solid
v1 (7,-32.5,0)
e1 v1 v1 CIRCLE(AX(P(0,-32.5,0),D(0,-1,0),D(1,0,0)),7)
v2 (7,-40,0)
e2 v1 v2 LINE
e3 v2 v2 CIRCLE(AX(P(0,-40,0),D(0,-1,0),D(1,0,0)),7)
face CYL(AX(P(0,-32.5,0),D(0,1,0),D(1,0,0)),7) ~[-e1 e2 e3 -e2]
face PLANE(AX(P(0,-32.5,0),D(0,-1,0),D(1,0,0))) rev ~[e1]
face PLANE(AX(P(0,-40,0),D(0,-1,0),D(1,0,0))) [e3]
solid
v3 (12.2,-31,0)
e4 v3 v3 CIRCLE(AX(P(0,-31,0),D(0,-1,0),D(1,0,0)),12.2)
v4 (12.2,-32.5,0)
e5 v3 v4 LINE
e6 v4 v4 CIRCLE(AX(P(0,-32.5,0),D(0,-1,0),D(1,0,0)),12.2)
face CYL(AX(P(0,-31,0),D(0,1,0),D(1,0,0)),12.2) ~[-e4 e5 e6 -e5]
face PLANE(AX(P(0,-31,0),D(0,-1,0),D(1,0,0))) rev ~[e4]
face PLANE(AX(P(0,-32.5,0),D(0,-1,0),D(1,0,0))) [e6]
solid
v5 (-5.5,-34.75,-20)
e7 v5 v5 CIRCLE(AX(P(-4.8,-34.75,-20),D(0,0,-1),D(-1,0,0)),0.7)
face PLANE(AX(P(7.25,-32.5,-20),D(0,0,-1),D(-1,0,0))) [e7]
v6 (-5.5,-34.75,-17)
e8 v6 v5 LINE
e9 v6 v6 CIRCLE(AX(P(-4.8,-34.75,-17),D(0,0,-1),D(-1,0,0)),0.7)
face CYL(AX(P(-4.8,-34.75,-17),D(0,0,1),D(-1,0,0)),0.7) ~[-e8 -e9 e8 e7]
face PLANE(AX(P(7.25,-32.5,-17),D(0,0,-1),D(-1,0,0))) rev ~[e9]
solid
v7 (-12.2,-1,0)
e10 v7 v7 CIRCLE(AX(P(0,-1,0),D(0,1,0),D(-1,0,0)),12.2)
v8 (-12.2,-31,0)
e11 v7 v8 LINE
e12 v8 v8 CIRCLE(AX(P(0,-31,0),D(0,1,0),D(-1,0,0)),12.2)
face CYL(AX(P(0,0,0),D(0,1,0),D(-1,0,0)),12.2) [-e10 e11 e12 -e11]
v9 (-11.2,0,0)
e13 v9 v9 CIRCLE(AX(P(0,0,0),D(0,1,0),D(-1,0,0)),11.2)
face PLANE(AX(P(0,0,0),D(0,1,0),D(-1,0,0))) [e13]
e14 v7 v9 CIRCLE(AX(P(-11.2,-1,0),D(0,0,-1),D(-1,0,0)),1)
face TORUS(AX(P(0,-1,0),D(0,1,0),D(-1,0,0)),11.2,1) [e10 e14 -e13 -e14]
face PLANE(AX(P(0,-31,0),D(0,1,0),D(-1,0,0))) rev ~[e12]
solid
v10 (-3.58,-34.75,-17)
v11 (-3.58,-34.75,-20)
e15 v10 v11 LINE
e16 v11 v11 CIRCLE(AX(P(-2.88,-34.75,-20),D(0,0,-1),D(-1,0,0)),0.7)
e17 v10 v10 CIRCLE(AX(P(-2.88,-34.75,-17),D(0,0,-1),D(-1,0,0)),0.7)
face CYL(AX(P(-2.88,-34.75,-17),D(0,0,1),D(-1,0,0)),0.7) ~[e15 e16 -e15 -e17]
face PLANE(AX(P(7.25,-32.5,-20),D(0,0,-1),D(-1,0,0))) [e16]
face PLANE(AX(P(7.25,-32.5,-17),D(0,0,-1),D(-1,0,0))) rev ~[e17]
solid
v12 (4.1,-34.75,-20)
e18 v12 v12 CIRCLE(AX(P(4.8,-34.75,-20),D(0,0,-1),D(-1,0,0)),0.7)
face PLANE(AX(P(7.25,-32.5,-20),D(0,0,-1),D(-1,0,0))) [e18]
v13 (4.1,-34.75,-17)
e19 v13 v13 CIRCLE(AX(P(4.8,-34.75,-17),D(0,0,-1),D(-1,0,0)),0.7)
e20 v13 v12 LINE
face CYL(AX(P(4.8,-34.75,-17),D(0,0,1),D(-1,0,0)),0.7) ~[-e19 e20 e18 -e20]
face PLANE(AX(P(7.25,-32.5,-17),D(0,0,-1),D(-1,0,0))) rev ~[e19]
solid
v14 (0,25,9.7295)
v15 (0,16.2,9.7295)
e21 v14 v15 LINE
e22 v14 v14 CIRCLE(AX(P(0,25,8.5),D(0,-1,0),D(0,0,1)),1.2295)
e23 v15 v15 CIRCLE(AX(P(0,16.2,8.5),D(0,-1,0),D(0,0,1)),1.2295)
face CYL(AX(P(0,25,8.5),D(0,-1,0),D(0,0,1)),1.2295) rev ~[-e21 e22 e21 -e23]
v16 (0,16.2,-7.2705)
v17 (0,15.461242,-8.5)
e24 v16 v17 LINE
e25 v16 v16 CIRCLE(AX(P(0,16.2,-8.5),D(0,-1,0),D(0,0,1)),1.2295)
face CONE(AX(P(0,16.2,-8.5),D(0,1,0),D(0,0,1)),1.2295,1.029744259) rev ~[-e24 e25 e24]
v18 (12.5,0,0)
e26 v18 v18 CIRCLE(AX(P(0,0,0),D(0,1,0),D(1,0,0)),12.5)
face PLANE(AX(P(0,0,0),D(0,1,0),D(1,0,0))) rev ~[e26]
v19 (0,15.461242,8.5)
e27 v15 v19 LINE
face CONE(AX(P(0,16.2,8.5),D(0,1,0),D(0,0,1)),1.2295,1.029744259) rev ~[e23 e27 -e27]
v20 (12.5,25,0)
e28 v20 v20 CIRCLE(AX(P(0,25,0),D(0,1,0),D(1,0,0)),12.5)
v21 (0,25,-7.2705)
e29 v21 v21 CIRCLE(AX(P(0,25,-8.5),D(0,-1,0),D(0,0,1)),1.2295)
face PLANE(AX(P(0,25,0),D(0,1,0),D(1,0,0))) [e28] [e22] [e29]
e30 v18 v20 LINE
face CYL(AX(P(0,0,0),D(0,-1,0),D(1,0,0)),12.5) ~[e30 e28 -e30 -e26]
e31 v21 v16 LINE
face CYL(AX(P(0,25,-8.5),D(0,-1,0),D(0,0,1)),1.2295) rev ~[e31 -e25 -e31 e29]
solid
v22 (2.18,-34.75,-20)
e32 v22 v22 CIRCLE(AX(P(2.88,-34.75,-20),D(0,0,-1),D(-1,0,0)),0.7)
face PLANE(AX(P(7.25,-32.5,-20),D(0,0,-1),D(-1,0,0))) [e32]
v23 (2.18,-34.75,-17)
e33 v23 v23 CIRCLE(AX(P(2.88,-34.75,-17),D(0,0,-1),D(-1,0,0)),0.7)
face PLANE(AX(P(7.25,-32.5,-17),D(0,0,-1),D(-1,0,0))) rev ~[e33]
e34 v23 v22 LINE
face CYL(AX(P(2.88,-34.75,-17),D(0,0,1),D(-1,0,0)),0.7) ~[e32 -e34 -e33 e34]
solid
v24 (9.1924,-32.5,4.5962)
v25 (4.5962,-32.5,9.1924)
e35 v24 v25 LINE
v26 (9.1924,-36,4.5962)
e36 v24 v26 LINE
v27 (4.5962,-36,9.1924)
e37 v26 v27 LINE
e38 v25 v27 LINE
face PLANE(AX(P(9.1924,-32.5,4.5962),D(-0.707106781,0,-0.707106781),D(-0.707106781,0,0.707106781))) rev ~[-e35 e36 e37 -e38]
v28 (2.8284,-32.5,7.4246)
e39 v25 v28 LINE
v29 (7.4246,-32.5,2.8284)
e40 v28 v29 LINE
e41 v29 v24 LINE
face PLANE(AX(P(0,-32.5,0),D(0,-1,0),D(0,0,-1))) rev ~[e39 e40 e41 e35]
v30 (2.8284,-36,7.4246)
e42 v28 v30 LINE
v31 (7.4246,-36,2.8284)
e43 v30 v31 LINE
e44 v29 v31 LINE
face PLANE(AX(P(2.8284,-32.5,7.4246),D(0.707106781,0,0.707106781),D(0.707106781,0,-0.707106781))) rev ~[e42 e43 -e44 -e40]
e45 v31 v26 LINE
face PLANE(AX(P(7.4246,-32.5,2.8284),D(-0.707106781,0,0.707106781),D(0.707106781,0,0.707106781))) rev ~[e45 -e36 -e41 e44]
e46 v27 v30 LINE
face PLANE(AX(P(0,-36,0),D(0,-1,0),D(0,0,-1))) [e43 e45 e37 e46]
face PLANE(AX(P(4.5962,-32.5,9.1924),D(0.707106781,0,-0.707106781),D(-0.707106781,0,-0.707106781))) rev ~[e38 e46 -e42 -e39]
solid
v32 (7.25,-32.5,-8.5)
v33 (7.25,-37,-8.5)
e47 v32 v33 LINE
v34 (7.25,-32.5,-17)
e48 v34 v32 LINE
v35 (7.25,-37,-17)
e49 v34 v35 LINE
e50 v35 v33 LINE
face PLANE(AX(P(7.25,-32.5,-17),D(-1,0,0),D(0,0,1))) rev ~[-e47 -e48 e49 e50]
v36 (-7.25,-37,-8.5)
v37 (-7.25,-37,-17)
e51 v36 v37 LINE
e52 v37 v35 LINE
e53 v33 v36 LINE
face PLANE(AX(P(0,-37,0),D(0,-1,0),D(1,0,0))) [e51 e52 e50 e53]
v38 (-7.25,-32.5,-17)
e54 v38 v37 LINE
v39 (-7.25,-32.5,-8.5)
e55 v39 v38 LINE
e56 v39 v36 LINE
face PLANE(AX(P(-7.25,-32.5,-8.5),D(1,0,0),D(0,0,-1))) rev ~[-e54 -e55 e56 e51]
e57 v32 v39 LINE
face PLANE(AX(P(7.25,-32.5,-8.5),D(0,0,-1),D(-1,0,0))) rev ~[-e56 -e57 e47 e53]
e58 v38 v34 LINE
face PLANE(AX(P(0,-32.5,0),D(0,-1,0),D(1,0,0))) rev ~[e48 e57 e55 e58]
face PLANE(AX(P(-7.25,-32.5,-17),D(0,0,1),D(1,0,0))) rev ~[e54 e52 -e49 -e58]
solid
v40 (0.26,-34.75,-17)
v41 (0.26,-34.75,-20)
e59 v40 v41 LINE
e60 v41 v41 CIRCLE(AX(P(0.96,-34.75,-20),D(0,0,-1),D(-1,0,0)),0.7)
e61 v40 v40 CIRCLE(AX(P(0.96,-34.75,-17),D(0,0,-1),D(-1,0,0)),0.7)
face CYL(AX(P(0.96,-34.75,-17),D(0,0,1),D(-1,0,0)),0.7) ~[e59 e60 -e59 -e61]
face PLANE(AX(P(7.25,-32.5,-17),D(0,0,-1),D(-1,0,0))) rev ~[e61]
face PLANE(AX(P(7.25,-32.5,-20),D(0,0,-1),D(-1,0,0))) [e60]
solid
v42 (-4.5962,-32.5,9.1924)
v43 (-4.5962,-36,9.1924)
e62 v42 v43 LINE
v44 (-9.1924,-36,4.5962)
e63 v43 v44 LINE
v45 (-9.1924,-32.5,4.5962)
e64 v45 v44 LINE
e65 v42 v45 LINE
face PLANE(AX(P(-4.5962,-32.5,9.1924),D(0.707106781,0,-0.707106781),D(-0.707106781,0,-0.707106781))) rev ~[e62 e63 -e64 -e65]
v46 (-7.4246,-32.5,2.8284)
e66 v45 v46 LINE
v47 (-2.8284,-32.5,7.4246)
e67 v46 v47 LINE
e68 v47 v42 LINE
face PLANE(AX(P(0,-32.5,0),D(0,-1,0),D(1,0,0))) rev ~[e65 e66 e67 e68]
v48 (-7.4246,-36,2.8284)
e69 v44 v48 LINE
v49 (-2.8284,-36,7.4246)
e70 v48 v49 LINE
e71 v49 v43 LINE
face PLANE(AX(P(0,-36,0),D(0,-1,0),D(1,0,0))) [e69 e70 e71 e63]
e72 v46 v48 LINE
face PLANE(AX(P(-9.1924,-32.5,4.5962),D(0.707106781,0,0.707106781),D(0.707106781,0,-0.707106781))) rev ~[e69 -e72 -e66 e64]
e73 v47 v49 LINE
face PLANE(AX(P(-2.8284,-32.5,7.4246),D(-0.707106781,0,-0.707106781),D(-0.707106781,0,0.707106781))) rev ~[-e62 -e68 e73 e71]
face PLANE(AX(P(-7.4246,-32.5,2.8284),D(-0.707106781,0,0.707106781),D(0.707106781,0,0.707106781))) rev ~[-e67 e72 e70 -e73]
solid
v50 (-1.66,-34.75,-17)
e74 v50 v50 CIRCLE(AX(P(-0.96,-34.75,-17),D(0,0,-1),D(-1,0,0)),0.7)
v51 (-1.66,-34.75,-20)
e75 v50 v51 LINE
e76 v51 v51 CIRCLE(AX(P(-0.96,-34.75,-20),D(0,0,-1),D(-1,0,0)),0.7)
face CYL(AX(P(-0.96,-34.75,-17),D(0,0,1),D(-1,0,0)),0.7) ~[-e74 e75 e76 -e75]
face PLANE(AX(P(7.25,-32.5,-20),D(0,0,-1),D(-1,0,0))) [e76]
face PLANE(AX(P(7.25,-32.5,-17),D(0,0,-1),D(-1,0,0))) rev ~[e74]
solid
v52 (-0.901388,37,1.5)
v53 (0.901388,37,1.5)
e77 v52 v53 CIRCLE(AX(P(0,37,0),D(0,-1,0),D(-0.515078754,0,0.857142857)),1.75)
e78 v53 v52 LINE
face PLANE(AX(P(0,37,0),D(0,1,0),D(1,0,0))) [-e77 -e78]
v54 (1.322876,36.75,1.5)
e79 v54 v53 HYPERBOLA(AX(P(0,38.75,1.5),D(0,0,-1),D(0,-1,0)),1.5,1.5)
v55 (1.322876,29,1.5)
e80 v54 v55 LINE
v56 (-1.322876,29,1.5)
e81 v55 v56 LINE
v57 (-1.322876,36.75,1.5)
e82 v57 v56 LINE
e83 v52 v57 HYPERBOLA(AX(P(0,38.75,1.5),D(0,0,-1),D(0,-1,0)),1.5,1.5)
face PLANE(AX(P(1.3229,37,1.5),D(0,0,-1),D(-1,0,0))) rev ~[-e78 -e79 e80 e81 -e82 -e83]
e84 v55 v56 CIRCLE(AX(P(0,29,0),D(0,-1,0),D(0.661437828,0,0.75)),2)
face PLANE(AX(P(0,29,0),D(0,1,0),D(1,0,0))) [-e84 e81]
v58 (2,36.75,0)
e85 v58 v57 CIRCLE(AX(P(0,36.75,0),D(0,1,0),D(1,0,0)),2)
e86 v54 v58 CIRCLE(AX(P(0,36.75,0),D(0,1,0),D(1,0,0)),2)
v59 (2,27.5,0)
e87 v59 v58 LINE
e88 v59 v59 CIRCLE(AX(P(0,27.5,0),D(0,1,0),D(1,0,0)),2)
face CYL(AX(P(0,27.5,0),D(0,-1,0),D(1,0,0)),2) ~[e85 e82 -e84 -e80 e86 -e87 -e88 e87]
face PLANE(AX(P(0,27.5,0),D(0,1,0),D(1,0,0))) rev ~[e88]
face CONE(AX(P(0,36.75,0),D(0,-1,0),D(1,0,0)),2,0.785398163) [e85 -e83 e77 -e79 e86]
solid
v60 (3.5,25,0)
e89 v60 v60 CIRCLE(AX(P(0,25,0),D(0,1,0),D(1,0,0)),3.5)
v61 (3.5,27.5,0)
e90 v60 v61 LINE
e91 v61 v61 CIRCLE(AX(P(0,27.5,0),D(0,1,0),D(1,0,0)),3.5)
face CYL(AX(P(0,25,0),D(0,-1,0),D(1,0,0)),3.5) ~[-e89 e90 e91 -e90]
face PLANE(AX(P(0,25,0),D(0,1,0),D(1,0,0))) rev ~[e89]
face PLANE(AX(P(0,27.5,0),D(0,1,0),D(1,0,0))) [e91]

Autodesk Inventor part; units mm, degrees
ref_plane "YZ Plane" through (0, 0, 0) normal (1, 0, 0) x (0, 1, 0)
ref_plane "XZ Plane" through (0, 0, 0) normal (0, 1, 0) x (-1, 0, 0)
ref_plane "XY Plane" through (0, 0, 0) normal (0, 0, 1) x (1, 0, 0)
sketch "Sketch1" plane through (0, 0, 0) normal (0, 1, 0) x (-1, 0, 0)
  circle A0 centre (0, 0) radius 12.2
  dimension "d0" = 24.4
extrude "Extrusion1" add sketch "Sketch1" against normal blind 31
fillet "Fillet1" radius 1 1 edges at (12.2, 0, 0)
sketch "Sketch2" plane through (0, -31, 0) normal (0, -1, 0) x (1, 0, 0)
  circle A0 centre (0, 0) radius 12.2 projected
extrude "Extrusion2" add sketch "Sketch2" along normal blind 1.5 separate body
sketch "Sketch3" plane through (0, -32.5, 0) normal (0, -1, 0) x (1, 0, 0)
  circle A0 centre (0, 0) radius 7
  dimension "d6" = 14
extrude "Extrusion3" add sketch "Sketch3" along normal blind 7.5 separate body
sketch "Sketch4" plane through (0, -32.5, 0) normal (0, -1, 0) x (1, 0, 0)
  circle A0 centre (0, 0) radius 6.75 construction
  line L0 (-7.4246, 2.8284) -> (-2.8284, 7.4246)
  line L1 (-2.8284, 7.4246) -> (-4.5962, 9.1924)
  line L2 (-4.5962, 9.1924) -> (-9.1924, 4.5962)
  line L3 (-9.1924, 4.5962) -> (-7.4246, 2.8284)
  line L4 (-7.4246, 2.8284) -> (-4.5962, 9.1924) construction
  line L5 (-2.8284, 7.4246) -> (-9.1924, 4.5962) construction
  line L6 (0, 0) -> (-6.0104, 6.0104) construction
  line L7 (0, 0) -> (-12.2, 0) construction
  circle A1 centre (0, 0) radius 12.2 construction
  point P0 (4.773, -4.773)
  dimension "d9" = 13.5
  dimension "d10" = 6.5
  dimension "d11" = 2.5
  dimension "d12" = 45
  dimension "d13" = 16.5
extrude "Extrusion4" add sketch "Sketch4" along normal blind 3.5 separate body
pattern_circular "Circular Pattern1" count 2 over 90 about axis through (0, -32.5, 0) along (0, 1, 0) of "Extrusion4" bodies 4
sketch "Sketch5" plane through (0, -32.5, 0) normal (0, -1, 0) x (1, 0, 0)
  line L0 (-7.25, -17) -> (7.25, -17)
  line L1 (7.25, -17) -> (7.25, -8.5)
  line L2 (7.25, -8.5) -> (-7.25, -8.5)
  line L3 (-7.25, -8.5) -> (-7.25, -17)
  line L4 (-7.25, -17) -> (7.25, -8.5) construction
  line L5 (7.25, -17) -> (-7.25, -8.5) construction
  circle A0 centre (0, 0) radius 7 projected
  point P0 (0, -12.75)
  point P1 (0, -12.75)
  dimension "d19" = 17
  dimension "d20" = 8.5
  dimension "d21" = 14.5
extrude "Extrusion5" add sketch "Sketch5" along normal blind 4.5 separate body contours L3 L2 L1 L0
sketch "Sketch6" plane through (7.25, -32.5, -17) normal (0, 0, -1) x (-1, 0, 0)
  line L0 (12.05, -2.25) -> (10.13, -2.25) construction
  line L1 (10.13, -2.25) -> (8.21, -2.25) construction
  line L2 (8.21, -2.25) -> (6.29, -2.25) construction
  line L3 (6.29, -2.25) -> (4.37, -2.25) construction
  line L4 (4.37, -2.25) -> (2.45, -2.25) construction
  circle A0 centre (12.05, -2.25) radius 0.7
  circle A1 centre (10.13, -2.25) radius 0.7
  circle A2 centre (8.21, -2.25) radius 0.7
  circle A3 centre (6.29, -2.25) radius 0.7
  circle A4 centre (4.37, -2.25) radius 0.7
  circle A5 centre (2.45, -2.25) radius 0.7
  line L5 (14.5, 0) -> (14.5, -4.5) projected
  line L6 (14.5, -4.5) -> (0, -4.5) projected
  point P0 (7.25, 32.5)
  point P1 (14.5, -2.25)
  point P2 (7.25, -2.25)
  point P3 (7.25, -4.5)
  dimension "d24" = 9.6
  dimension "d25" = 1.4
extrude "Extrusion6" add sketch "Sketch6" along normal blind 3 separate body contours A0
extrude "Extrusion7" add sketch "Sketch6" along normal blind 3 separate body contours A1
extrude "Extrusion8" add sketch "Sketch6" along normal blind 3 separate body contours A2
extrude "Extrusion9" add sketch "Sketch6" along normal blind 3 separate body contours A3
extrude "Extrusion10" add sketch "Sketch6" along normal blind 3 separate body contours A4
extrude "Extrusion11" add sketch "Sketch6" along normal blind 3 separate body contours A5
sketch "Sketch7" plane through (0, 0, 0) normal (0, 1, 0) x (1, 0, 0)
  circle A0 centre (0, 0) radius 12.5
  dimension "d38" = 25
extrude "Extrusion12" add sketch "Sketch7" along normal blind 25 separate body
sketch "Sketch8" plane through (0, 25, 0) normal (0, 1, 0) x (1, 0, 0)
  circle A0 centre (0, 0) radius 11.2 construction
  circle A1 centre (0, 0) radius 3.5
  dimension "d41" = 7
extrude "Extrusion13" add sketch "Sketch8" along normal blind 2.5 separate body
sketch "Sketch9" plane through (0, 27.5, 0) normal (0, 1, 0) x (1, 0, 0)
  circle A0 centre (0, 0) radius 2
  dimension "d44" = 4
extrude "Extrusion14" add sketch "Sketch9" along normal blind 9.5 separate body
chamfer "Chamfer1" distance 0.25 angle 45 1 edges at (-2, 37, 0)
sketch "Sketch10" plane through (0, 37, 0) normal (0, 1, 0) x (1, 0, 0)
  line L0 (-1.3229, -2) -> (1.3229, -2)
  line L1 (1.3229, -2) -> (1.3229, -1.5)
  line L2 (1.3229, -1.5) -> (-1.3229, -1.5)
  line L3 (-1.3229, -1.5) -> (-1.3229, -2)
  circle A0 centre (0, 0) radius 2 construction
  dimension "d50" = 1.5
extrude "Extrusion15" cut sketch "Sketch10" against normal blind 8 bodies 14
sketch "Sketch11" plane through (0, 25, 0) normal (0, 1, 0) x (1, 0, 0)
  circle A0 centre (0, 0) radius 12.5 construction
  line L0 (0, 8.5) -> (0, -8.5) construction
  line L1 (7.25, 8.5) -> (-7.25, 8.5) construction
  dimension "d53" = 17
hole "Hole1" at (0, 25, -8.5) at (0, 25, 8.5) direction (0, -1, 0) diameter 2.459 depth 8.8 tip angle 118 bodies 12 thread size "M3x0.5" class "6H" standard "ISO Metric profile"
properties part number "JGA25-371_12VDC_32RPM"
